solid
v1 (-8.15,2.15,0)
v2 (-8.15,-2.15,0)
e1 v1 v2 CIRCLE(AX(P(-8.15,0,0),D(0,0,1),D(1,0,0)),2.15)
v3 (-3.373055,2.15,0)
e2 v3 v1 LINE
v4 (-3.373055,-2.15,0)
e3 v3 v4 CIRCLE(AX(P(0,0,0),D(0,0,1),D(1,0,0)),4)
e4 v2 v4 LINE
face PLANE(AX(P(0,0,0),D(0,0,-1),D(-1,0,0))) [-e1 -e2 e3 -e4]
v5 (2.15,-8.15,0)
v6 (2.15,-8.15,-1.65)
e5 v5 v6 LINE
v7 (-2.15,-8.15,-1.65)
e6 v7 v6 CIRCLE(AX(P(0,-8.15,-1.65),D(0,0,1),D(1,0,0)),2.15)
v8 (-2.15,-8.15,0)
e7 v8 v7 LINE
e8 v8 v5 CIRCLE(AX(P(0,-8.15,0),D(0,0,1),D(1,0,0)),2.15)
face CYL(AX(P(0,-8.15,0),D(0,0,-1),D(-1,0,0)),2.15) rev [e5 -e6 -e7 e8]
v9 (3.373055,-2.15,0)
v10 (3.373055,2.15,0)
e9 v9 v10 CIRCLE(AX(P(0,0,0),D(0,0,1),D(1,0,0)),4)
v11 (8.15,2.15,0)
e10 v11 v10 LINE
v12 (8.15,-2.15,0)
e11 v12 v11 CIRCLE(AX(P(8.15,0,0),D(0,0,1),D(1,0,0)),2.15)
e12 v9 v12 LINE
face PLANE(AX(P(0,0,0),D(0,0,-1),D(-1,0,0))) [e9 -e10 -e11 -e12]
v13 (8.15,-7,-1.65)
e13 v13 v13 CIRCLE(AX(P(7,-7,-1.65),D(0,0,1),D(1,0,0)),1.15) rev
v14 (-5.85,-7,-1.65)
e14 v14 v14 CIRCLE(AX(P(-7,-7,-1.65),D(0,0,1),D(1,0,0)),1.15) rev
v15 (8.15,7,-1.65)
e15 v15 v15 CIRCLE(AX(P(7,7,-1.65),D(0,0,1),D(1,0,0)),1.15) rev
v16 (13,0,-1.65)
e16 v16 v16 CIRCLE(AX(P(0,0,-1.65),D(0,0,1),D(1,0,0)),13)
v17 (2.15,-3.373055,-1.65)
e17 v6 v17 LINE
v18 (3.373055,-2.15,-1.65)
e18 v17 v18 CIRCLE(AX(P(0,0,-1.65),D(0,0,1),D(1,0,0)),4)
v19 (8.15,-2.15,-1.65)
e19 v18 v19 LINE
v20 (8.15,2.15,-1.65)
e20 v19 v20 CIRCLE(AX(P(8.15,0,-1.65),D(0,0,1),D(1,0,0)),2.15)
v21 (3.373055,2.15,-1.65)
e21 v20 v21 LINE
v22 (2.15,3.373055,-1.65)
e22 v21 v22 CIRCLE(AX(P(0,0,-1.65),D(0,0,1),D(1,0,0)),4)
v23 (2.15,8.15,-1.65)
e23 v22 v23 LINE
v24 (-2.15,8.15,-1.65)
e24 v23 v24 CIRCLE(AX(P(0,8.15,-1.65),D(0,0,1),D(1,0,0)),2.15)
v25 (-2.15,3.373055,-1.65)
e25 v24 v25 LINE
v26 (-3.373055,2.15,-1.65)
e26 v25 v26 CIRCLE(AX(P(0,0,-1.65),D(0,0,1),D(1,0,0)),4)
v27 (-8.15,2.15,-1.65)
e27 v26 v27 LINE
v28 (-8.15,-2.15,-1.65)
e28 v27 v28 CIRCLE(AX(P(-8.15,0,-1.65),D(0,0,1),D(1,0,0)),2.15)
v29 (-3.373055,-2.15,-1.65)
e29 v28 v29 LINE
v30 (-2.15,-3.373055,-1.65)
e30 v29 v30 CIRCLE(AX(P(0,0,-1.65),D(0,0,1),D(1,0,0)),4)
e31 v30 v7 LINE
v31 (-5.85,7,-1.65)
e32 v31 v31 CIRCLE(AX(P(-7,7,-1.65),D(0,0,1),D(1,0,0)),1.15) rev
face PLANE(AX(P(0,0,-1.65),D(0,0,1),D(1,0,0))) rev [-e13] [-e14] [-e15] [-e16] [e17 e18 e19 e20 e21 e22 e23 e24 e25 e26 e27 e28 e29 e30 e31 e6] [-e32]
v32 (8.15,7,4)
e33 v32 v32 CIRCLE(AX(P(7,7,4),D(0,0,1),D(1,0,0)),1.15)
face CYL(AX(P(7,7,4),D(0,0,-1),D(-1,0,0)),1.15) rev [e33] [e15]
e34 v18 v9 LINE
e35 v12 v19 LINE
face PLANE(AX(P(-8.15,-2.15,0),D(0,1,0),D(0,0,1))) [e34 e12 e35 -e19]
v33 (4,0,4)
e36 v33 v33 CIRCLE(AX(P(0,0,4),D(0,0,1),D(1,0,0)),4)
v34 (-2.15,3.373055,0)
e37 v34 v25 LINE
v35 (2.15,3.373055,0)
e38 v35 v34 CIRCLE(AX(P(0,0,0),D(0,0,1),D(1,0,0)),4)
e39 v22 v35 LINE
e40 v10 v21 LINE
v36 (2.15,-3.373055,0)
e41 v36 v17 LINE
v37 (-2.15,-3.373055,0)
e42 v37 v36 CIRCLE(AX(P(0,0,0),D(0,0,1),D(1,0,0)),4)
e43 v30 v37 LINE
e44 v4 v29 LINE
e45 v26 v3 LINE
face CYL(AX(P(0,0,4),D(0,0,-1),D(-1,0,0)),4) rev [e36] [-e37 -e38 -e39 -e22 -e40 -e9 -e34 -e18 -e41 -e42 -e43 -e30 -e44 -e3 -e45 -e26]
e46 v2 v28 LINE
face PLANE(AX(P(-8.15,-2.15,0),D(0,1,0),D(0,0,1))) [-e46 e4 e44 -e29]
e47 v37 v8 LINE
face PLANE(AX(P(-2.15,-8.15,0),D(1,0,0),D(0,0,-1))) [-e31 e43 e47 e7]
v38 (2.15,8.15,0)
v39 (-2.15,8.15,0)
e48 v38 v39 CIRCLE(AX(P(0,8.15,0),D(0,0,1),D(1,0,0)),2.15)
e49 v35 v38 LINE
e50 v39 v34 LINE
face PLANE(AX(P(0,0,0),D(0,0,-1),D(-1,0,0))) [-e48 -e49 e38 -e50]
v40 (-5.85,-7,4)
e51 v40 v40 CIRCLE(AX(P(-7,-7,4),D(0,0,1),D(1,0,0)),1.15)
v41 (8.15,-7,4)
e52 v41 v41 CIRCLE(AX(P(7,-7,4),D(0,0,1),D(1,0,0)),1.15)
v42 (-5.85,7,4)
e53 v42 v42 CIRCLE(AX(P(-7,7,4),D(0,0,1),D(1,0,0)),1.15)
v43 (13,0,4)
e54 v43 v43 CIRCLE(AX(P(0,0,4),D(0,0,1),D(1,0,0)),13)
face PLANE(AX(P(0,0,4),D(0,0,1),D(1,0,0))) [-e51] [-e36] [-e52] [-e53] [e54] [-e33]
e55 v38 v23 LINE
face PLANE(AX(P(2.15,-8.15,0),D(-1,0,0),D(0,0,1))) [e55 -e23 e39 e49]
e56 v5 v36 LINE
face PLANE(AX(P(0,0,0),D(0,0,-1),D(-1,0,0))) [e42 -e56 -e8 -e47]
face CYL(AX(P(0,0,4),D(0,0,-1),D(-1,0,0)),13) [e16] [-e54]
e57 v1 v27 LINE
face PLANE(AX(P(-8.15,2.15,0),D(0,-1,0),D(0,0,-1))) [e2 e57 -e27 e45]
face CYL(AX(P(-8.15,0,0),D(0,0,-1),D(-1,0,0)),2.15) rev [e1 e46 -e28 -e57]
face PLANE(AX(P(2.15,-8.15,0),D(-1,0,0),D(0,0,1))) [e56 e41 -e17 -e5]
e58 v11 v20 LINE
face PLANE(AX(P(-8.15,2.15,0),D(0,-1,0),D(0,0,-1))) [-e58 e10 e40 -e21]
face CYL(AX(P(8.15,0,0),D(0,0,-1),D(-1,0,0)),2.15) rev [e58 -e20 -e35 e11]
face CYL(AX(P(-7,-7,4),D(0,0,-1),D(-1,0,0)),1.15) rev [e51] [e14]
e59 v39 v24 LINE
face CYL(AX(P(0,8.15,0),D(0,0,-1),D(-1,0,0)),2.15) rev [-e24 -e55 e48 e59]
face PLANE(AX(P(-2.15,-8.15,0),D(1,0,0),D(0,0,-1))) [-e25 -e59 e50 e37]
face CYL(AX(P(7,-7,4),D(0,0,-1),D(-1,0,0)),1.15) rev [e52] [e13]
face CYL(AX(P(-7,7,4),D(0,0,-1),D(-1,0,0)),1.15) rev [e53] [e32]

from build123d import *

# Parameters (mm, degrees)
TRIAL_LOAD_PLATE_PROFILE_R           = 13
TRIAL_LOAD_PLATE_PROFILE_R_2         = 4
TRIAL_LOAD_PLATE_DEPTH               = 4
CAPTURED_HORN_KEY_BOSS_START         = -1.65
CAPTURED_HORN_KEY_BOSS_PROFILE_R     = 13
CAPTURED_HORN_KEY_BOSS_DEPTH         = 1.65
KEY_POCKET_HUB_START                 = -1.65
STOCK_HORN_POCKET_HUB_R              = 3.6
KEY_POCKET_HUB_DEPTH                 = 1.65
KEY_POCKET_HORIZONTAL_START          = -1.65
STOCK_HORN_POCKET_HORIZONTAL_W       = 16.3
STOCK_HORN_POCKET_HORIZONTAL_H       = 4.3
KEY_POCKET_HORIZONTAL_DEPTH          = 1.65
KEY_POCKET_VERTICAL_START            = -1.65
STOCK_HORN_POCKET_VERTICAL_W         = 4.3
STOCK_HORN_POCKET_VERTICAL_H         = 16.3
KEY_POCKET_VERTICAL_DEPTH            = 1.65
KEY_POCKET_ROUNDED_TIPS_START        = -1.65
STOCK_HORN_POCKET_ROUNDED_TIPS_R     = 2.15
KEY_POCKET_ROUNDED_TIPS_DEPTH        = 1.65
UNMODIFIED_HORN_CAPTURE_M2_START     = -50
UNMODIFIED_HORN_CAPTURE_M2_PROFILE_R = 1.15
UNMODIFIED_HORN_CAPTURE_M2_DEPTH     = 69.814887722
HUB_CLEARANCE_IN_KEY_BOSS_ONLY_START = -1.65
HORN_CENTER_HUB_CLEARANCE_R          = 4
HUB_CLEARANCE_IN_KEY_BOSS_ONLY_DEPTH = 1.65


with BuildPart() as part:
    # Trial_load_plate_profile → Trial_load_plate (new body)
    with BuildSketch(Plane.XY):
        Circle(TRIAL_LOAD_PLATE_PROFILE_R)
        Circle(TRIAL_LOAD_PLATE_PROFILE_R_2, mode=Mode.SUBTRACT)
    extrude(amount=TRIAL_LOAD_PLATE_DEPTH)

    # Captured_horn_key_boss_profile → Captured_horn_key_boss (add)
    with BuildSketch(Plane.XY.offset(CAPTURED_HORN_KEY_BOSS_START)):
        Circle(CAPTURED_HORN_KEY_BOSS_PROFILE_R)
    extrude(amount=CAPTURED_HORN_KEY_BOSS_DEPTH)

    # Stock_horn_pocket_Hub → Key_pocket_Hub (cut)
    with BuildSketch(Plane.XY.offset(KEY_POCKET_HUB_START)):
        Circle(STOCK_HORN_POCKET_HUB_R)
    extrude(amount=KEY_POCKET_HUB_DEPTH, mode=Mode.SUBTRACT)

    # Stock_horn_pocket_Horizontal → Key_pocket_Horizontal (cut)
    with BuildSketch(Plane.XY.offset(KEY_POCKET_HORIZONTAL_START)):
        Rectangle(STOCK_HORN_POCKET_HORIZONTAL_W, STOCK_HORN_POCKET_HORIZONTAL_H)
    extrude(amount=KEY_POCKET_HORIZONTAL_DEPTH, mode=Mode.SUBTRACT)

    # Stock_horn_pocket_Vertical → Key_pocket_Vertical (cut)
    with BuildSketch(Plane.XY.offset(KEY_POCKET_VERTICAL_START)):
        Rectangle(STOCK_HORN_POCKET_VERTICAL_W, STOCK_HORN_POCKET_VERTICAL_H)
    extrude(amount=KEY_POCKET_VERTICAL_DEPTH, mode=Mode.SUBTRACT)

    # Stock_horn_pocket_Rounded_tips → Key_pocket_Rounded_tips (cut)
    with BuildSketch(Plane.XY.offset(KEY_POCKET_ROUNDED_TIPS_START)):
        with Locations((8.15, 0)):
            Circle(STOCK_HORN_POCKET_ROUNDED_TIPS_R)
        with Locations((-8.15, 0)):
            Circle(STOCK_HORN_POCKET_ROUNDED_TIPS_R)
        with Locations((0, 8.15)):
            Circle(STOCK_HORN_POCKET_ROUNDED_TIPS_R)
        with Locations((0, -8.15)):
            Circle(STOCK_HORN_POCKET_ROUNDED_TIPS_R)
    extrude(amount=KEY_POCKET_ROUNDED_TIPS_DEPTH, mode=Mode.SUBTRACT)

    # Unmodified_horn_capture_M2_profile → Unmodified_horn_capture_M2 (cut, through all)
    with BuildSketch(Plane.XY.offset(UNMODIFIED_HORN_CAPTURE_M2_START)):
        with Locations((7, 7)):
            Circle(UNMODIFIED_HORN_CAPTURE_M2_PROFILE_R)
        with Locations((-7, 7)):
            Circle(UNMODIFIED_HORN_CAPTURE_M2_PROFILE_R)
        with Locations((-7, -7)):
            Circle(UNMODIFIED_HORN_CAPTURE_M2_PROFILE_R)
        with Locations((7, -7)):
            Circle(UNMODIFIED_HORN_CAPTURE_M2_PROFILE_R)
    extrude(amount=UNMODIFIED_HORN_CAPTURE_M2_DEPTH, mode=Mode.SUBTRACT)

    # Horn_center_hub_clearance → Hub_clearance_in_key_boss_only (cut)
    with BuildSketch(Plane.XY.offset(HUB_CLEARANCE_IN_KEY_BOSS_ONLY_START)):
        with Locations(Location((0, 0, 0), (0, 0, 147.486385367))):
            Circle(HORN_CENTER_HUB_CLEARANCE_R)
    extrude(amount=HUB_CLEARANCE_IN_KEY_BOSS_ONLY_DEPTH, mode=Mode.SUBTRACT)


solid = part.part
